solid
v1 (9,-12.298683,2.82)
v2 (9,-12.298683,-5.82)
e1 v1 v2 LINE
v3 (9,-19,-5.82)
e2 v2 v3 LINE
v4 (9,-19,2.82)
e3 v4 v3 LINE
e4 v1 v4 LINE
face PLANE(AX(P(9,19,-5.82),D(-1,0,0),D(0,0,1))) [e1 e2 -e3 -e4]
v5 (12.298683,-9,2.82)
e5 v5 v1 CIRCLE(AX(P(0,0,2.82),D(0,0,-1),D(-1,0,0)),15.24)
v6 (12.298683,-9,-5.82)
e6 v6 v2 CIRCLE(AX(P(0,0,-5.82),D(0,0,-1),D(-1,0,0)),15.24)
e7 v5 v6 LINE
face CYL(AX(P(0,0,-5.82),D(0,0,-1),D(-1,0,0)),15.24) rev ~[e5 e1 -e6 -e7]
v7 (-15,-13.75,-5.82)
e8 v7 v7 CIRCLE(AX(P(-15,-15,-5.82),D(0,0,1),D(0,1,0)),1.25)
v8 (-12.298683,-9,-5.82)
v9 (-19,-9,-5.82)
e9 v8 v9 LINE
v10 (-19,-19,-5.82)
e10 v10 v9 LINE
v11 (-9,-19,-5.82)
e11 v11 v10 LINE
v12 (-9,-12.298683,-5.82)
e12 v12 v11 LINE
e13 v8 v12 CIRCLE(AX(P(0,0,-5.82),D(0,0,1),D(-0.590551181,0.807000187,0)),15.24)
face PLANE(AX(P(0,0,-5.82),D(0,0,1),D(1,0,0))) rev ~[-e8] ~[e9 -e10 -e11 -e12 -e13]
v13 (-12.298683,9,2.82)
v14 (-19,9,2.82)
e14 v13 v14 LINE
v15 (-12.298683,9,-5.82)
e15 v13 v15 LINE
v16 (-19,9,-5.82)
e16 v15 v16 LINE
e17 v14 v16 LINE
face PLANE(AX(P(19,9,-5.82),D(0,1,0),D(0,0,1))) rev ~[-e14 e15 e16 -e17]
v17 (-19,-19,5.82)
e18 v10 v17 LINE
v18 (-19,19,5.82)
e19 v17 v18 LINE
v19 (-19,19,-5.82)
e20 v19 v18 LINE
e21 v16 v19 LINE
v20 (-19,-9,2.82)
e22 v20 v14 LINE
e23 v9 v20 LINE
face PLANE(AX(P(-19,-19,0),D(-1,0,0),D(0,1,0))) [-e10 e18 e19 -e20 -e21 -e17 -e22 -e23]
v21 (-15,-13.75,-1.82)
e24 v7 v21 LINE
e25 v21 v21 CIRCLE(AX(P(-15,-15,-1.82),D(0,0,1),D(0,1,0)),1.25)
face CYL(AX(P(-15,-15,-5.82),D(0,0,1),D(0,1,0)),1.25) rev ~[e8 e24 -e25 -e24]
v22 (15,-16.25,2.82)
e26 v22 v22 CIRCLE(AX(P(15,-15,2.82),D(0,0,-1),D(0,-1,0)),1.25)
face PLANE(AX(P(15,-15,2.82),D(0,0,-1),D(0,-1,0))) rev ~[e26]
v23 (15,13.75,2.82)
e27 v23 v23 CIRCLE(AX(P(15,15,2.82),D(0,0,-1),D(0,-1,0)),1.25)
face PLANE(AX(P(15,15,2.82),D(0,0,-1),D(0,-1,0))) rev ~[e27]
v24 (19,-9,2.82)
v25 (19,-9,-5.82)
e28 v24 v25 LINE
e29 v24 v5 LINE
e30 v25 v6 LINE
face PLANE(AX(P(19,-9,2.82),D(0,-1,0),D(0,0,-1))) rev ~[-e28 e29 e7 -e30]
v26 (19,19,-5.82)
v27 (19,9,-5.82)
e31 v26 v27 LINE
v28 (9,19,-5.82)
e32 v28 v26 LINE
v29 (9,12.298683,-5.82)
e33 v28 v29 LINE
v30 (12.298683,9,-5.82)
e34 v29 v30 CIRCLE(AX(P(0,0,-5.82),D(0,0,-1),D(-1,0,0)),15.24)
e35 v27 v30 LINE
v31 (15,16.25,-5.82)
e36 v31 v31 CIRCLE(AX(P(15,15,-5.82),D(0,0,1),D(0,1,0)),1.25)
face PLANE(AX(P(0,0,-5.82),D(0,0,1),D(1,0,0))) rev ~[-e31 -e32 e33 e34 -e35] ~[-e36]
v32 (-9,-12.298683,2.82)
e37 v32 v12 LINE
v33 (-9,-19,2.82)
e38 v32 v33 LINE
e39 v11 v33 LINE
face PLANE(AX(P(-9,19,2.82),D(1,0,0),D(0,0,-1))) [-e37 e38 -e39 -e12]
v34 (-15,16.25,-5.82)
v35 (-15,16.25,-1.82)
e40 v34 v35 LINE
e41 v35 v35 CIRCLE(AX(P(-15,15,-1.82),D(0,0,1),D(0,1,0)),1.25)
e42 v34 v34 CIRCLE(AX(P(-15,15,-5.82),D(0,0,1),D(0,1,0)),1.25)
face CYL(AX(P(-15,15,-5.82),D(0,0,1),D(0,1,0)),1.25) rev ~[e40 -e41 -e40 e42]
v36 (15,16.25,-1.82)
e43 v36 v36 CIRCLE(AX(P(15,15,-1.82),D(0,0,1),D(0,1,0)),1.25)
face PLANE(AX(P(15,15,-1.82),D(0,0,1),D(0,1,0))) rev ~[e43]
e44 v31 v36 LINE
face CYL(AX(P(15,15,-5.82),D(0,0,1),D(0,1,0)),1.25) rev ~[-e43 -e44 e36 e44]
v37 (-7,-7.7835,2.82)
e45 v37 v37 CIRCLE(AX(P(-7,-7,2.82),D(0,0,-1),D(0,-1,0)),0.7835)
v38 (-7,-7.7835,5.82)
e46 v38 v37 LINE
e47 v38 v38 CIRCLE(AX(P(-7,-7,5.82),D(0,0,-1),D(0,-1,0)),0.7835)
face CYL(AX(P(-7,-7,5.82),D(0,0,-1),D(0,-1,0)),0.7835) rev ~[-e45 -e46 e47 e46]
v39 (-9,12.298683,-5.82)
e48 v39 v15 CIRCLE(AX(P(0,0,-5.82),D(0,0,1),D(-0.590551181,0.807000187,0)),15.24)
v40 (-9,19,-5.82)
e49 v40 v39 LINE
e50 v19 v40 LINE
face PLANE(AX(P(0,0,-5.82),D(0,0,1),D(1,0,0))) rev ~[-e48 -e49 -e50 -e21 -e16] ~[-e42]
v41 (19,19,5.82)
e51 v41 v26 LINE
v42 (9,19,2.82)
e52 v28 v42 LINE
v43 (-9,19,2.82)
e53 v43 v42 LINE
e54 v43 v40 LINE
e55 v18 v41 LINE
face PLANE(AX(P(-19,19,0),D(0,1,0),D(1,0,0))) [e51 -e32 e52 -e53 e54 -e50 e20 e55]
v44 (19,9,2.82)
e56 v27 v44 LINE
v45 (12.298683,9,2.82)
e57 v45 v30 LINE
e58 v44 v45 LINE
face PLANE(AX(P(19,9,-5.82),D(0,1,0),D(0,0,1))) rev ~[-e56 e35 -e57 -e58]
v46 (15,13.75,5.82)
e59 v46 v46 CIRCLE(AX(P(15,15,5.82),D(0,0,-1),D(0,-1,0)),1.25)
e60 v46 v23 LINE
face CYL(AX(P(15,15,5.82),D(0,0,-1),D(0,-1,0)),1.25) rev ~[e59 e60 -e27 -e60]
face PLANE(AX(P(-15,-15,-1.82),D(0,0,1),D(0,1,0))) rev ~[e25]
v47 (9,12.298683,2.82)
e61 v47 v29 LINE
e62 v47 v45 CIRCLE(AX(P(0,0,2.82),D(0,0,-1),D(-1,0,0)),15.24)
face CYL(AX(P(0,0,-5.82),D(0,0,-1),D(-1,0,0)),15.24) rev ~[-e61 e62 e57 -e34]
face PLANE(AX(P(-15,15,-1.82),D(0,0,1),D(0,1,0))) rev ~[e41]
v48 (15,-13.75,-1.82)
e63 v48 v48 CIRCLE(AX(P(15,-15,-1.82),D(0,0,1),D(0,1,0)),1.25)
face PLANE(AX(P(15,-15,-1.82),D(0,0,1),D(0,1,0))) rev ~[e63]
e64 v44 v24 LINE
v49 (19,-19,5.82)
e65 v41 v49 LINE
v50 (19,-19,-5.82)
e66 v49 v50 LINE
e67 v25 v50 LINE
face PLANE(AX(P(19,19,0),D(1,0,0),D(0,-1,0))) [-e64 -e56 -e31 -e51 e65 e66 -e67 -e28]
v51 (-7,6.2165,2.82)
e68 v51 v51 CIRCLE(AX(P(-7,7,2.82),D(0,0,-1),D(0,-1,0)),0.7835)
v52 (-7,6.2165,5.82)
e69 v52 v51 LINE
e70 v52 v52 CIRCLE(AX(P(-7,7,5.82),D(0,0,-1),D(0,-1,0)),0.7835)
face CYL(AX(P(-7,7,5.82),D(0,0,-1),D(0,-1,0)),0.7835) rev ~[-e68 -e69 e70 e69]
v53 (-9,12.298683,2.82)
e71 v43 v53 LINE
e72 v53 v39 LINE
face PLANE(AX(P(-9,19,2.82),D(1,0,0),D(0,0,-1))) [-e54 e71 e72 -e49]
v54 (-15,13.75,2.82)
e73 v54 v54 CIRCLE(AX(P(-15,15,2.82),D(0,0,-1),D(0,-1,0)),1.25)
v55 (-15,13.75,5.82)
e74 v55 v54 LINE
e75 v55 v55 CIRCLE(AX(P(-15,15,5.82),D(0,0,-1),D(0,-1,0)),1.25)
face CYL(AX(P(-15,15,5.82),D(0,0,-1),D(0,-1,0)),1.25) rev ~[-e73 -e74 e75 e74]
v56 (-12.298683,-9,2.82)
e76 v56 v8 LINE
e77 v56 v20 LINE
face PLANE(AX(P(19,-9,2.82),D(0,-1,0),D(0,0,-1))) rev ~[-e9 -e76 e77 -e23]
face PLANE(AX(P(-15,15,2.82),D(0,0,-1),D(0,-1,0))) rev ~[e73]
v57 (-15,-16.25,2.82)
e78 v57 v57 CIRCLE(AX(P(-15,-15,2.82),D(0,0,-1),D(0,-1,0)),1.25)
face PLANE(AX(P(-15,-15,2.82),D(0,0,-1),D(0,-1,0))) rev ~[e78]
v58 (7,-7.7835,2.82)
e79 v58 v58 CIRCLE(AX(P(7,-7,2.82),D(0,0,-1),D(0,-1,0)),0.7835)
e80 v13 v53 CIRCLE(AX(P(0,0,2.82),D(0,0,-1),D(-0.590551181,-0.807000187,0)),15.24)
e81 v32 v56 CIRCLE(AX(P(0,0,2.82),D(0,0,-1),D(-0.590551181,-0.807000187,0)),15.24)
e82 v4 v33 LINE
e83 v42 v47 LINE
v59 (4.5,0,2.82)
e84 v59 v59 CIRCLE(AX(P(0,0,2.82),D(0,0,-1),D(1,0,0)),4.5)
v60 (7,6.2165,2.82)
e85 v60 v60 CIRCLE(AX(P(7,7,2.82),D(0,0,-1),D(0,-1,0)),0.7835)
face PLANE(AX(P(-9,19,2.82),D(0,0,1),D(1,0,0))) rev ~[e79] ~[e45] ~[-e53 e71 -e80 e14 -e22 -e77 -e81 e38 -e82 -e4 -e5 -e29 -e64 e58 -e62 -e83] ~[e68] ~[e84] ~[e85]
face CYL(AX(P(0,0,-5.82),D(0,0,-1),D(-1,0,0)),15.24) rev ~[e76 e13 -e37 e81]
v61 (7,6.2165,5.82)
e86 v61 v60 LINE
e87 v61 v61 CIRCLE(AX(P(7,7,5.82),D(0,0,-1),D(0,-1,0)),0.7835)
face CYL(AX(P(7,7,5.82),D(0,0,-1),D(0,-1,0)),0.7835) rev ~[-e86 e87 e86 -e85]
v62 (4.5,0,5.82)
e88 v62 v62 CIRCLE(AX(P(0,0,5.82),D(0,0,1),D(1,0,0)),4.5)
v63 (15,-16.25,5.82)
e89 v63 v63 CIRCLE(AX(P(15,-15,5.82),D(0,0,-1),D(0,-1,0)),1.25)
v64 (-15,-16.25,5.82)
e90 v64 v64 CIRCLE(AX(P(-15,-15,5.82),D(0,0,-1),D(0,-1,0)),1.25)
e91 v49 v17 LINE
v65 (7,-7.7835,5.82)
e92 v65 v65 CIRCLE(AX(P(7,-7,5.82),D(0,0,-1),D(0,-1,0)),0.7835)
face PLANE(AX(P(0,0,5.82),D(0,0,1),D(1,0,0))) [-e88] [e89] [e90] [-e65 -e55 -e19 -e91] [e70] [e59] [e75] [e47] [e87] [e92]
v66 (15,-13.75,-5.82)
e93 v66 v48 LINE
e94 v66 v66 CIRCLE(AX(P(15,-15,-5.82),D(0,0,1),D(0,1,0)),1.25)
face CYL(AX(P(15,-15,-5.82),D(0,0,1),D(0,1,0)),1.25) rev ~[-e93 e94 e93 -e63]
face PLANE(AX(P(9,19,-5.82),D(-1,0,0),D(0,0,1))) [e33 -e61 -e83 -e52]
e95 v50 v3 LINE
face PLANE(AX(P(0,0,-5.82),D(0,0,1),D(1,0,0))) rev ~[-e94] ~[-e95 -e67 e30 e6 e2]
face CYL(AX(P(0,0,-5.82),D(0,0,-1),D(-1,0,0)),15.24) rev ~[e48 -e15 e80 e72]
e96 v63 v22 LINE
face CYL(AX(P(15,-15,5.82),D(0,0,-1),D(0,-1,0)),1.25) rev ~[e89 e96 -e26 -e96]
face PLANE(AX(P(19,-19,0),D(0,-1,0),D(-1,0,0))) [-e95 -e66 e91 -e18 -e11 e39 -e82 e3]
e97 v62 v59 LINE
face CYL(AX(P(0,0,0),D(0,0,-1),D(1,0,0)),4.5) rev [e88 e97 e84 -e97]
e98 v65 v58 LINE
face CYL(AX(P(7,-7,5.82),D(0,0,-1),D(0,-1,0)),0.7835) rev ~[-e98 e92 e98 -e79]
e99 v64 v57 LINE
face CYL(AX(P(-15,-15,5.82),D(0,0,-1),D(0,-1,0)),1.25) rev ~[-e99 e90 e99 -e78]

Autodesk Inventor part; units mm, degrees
ref_plane "YZ Plane" through (0, 0, 0) normal (1, 0, 0) x (0, 1, 0)
ref_plane "XZ Plane" through (0, 0, 0) normal (0, 1, 0) x (-1, 0, 0)
ref_plane "XY Plane" through (0, 0, 0) normal (0, 0, 1) x (1, 0, 0)
sketch "Sketch1" plane through (0, 0, 0) normal (0, 0, 1) x (1, 0, 0)
  line L0 (-19, 19) -> (19, 19)
  line L1 (19, 19) -> (19, -19)
  line L2 (19, -19) -> (-19, -19)
  line L3 (-19, -19) -> (-19, 19)
  line L4 (-19, 19) -> (19, -19) construction
  line L5 (19, 19) -> (-19, -19) construction
  circle A0 centre (0, 0) radius 4.5
  dimension "d0" = 38
  dimension "d1" = 38
  dimension "d2" = 9
extrude "Extrusion1" add sketch "Sketch1" along normal mid plane 11.64
sketch "Sketch4" plane through (0, 0, 5.82) normal (0, 0, 1) x (1, 0, 0)
  line L0 (-11.25, -11.25) -> (11.25, -11.25) construction
  line L1 (11.25, -11.25) -> (11.25, 11.25) construction
  line L2 (11.25, 11.25) -> (-11.25, 11.25) construction
  line L3 (-11.25, 11.25) -> (-11.25, -11.25) construction
  line L4 (-11.25, -11.25) -> (11.25, 11.25) construction
  line L5 (11.25, -11.25) -> (-11.25, 11.25) construction
  point P0 (0, 0)
  point P1 (-7, -7)
  point P2 (0, 0)
  point P3 (0, 0)
  point P4 (-7, 7)
  point P5 (7, -7)
  point P6 (7, 7)
  dimension "d17" = 22.5
  dimension "d18" = 22.5
  dimension "d47" = 7
  dimension "d48" = 7
  dimension "d51" = 14
  dimension "d54" = 14
sketch "Sketch5" plane through (0, 0, -5.82) normal (0, 0, -1) x (-1, 0, 0)
  circle A0 centre (0, 0) radius 4.5 projected
  circle A1 centre (0, 0) radius 15.24
  dimension "d19" = 30.48
extrude "Extrusion2" cut sketch "Sketch5" against normal blind 8.64 contours A0 | A1
sketch "Sketch6" plane through (-19, 19, 5.82) normal (0, 1, 0) x (1, 0, 0)
  line L0 (0, 11.64) -> (38, 11.64) projected
  line L1 (3.76, 3) -> (34.24, 3) projected
  line L2 (10, 11.64) -> (28, 11.64)
  line L3 (28, 11.64) -> (28, 3)
  line L4 (28, 3) -> (10, 3)
  line L5 (10, 3) -> (10, 11.64)
  line L6 (0, 11.64) -> (0, 0) projected
  line L7 (38, 11.64) -> (38, 0) projected
  point P0 (19, 5.82)
  point P1 (10, 3)
  dimension "d22" = 10
  dimension "d23" = 10
extrude "Extrusion3" cut sketch "Sketch6" against normal through all
sketch "Sketch7" plane through (19, -19, 5.82) normal (1, 0, 0) x (0, 0, -1)
  line L0 (11.64, 31.2987) -> (11.64, 6.7013) projected
  line L1 (3, 31.2987) -> (3, 6.7013) projected
  line L2 (11.64, 28) -> (3, 28)
  line L3 (3, 28) -> (3, 10)
  line L4 (3, 10) -> (11.64, 10)
  line L5 (11.64, 10) -> (11.64, 28)
  line L6 (11.64, 38) -> (0, 38) projected
  line L7 (11.64, 0) -> (0, 0) projected
  point P0 (5.82, 19)
  point P1 (11.64, 10)
  point P2 (3, 28)
  dimension "d26" = 10
  dimension "d27" = 10
extrude "Extrusion4" cut sketch "Sketch7" against normal through all
sketch "Sketch8" plane through (0, 0, -5.82) normal (0, 0, -1) x (-1, 0, 0)
  line L0 (-12.2987, -9) -> (-19, -9) projected
  line L1 (-19, -9) -> (-19, -19) projected
  line L2 (-19, -19) -> (-9, -19) projected
  line L3 (-9, -19) -> (-9, -12.2987) projected
  arc A0 (-12.2987, -9) -> (-9, -12.2987) centre (0, 0) ccw projected
  point P0 (-15, -15)
  point P1 (-15, 15)
  point P2 (15, -15)
  point P3 (15, 15)
  dimension "d30" = 15
  dimension "d31" = 15
  dimension "d34" = 30
  dimension "d37" = 30
hole "Hole1" at (15, -15, -5.82) at (15, 15, -5.82) at (-15, 15, -5.82) at (-15, -15, -5.82) direction (0, 0, 1) diameter 2.5 depth 4
hole "Hole2" at (-7, -7, 5.82) at (-7, 7, 5.82) at (7, -7, 5.82) at (7, 7, 5.82) direction (0, 0, -1) diameter 1.567 end through all thread size "M2x0.4" class "6H" standard "ANSI Metric M Profile"
sketch "Sketch9" plane through (0, 0, 5.82) normal (0, 0, 1) x (1, 0, 0)
  circle A0 centre (15, -15) radius 1.25 projected
  circle A1 centre (-15, -15) radius 1.25 projected
  circle A2 centre (-15, 15) radius 1.25 projected
  circle A3 centre (15, 15) radius 1.25 projected
  point P0 (0, 0)
hole "Hole3" at (15, -15, 5.82) at (-15, -15, 5.82) at (-15, 15, 5.82) at (15, 15, 5.82) direction (0, 0, -1) diameter 2.5 depth 3
equation "\"d1\" = d0"
equation "\"d18\" = d17"
properties part number "pmtbase"
